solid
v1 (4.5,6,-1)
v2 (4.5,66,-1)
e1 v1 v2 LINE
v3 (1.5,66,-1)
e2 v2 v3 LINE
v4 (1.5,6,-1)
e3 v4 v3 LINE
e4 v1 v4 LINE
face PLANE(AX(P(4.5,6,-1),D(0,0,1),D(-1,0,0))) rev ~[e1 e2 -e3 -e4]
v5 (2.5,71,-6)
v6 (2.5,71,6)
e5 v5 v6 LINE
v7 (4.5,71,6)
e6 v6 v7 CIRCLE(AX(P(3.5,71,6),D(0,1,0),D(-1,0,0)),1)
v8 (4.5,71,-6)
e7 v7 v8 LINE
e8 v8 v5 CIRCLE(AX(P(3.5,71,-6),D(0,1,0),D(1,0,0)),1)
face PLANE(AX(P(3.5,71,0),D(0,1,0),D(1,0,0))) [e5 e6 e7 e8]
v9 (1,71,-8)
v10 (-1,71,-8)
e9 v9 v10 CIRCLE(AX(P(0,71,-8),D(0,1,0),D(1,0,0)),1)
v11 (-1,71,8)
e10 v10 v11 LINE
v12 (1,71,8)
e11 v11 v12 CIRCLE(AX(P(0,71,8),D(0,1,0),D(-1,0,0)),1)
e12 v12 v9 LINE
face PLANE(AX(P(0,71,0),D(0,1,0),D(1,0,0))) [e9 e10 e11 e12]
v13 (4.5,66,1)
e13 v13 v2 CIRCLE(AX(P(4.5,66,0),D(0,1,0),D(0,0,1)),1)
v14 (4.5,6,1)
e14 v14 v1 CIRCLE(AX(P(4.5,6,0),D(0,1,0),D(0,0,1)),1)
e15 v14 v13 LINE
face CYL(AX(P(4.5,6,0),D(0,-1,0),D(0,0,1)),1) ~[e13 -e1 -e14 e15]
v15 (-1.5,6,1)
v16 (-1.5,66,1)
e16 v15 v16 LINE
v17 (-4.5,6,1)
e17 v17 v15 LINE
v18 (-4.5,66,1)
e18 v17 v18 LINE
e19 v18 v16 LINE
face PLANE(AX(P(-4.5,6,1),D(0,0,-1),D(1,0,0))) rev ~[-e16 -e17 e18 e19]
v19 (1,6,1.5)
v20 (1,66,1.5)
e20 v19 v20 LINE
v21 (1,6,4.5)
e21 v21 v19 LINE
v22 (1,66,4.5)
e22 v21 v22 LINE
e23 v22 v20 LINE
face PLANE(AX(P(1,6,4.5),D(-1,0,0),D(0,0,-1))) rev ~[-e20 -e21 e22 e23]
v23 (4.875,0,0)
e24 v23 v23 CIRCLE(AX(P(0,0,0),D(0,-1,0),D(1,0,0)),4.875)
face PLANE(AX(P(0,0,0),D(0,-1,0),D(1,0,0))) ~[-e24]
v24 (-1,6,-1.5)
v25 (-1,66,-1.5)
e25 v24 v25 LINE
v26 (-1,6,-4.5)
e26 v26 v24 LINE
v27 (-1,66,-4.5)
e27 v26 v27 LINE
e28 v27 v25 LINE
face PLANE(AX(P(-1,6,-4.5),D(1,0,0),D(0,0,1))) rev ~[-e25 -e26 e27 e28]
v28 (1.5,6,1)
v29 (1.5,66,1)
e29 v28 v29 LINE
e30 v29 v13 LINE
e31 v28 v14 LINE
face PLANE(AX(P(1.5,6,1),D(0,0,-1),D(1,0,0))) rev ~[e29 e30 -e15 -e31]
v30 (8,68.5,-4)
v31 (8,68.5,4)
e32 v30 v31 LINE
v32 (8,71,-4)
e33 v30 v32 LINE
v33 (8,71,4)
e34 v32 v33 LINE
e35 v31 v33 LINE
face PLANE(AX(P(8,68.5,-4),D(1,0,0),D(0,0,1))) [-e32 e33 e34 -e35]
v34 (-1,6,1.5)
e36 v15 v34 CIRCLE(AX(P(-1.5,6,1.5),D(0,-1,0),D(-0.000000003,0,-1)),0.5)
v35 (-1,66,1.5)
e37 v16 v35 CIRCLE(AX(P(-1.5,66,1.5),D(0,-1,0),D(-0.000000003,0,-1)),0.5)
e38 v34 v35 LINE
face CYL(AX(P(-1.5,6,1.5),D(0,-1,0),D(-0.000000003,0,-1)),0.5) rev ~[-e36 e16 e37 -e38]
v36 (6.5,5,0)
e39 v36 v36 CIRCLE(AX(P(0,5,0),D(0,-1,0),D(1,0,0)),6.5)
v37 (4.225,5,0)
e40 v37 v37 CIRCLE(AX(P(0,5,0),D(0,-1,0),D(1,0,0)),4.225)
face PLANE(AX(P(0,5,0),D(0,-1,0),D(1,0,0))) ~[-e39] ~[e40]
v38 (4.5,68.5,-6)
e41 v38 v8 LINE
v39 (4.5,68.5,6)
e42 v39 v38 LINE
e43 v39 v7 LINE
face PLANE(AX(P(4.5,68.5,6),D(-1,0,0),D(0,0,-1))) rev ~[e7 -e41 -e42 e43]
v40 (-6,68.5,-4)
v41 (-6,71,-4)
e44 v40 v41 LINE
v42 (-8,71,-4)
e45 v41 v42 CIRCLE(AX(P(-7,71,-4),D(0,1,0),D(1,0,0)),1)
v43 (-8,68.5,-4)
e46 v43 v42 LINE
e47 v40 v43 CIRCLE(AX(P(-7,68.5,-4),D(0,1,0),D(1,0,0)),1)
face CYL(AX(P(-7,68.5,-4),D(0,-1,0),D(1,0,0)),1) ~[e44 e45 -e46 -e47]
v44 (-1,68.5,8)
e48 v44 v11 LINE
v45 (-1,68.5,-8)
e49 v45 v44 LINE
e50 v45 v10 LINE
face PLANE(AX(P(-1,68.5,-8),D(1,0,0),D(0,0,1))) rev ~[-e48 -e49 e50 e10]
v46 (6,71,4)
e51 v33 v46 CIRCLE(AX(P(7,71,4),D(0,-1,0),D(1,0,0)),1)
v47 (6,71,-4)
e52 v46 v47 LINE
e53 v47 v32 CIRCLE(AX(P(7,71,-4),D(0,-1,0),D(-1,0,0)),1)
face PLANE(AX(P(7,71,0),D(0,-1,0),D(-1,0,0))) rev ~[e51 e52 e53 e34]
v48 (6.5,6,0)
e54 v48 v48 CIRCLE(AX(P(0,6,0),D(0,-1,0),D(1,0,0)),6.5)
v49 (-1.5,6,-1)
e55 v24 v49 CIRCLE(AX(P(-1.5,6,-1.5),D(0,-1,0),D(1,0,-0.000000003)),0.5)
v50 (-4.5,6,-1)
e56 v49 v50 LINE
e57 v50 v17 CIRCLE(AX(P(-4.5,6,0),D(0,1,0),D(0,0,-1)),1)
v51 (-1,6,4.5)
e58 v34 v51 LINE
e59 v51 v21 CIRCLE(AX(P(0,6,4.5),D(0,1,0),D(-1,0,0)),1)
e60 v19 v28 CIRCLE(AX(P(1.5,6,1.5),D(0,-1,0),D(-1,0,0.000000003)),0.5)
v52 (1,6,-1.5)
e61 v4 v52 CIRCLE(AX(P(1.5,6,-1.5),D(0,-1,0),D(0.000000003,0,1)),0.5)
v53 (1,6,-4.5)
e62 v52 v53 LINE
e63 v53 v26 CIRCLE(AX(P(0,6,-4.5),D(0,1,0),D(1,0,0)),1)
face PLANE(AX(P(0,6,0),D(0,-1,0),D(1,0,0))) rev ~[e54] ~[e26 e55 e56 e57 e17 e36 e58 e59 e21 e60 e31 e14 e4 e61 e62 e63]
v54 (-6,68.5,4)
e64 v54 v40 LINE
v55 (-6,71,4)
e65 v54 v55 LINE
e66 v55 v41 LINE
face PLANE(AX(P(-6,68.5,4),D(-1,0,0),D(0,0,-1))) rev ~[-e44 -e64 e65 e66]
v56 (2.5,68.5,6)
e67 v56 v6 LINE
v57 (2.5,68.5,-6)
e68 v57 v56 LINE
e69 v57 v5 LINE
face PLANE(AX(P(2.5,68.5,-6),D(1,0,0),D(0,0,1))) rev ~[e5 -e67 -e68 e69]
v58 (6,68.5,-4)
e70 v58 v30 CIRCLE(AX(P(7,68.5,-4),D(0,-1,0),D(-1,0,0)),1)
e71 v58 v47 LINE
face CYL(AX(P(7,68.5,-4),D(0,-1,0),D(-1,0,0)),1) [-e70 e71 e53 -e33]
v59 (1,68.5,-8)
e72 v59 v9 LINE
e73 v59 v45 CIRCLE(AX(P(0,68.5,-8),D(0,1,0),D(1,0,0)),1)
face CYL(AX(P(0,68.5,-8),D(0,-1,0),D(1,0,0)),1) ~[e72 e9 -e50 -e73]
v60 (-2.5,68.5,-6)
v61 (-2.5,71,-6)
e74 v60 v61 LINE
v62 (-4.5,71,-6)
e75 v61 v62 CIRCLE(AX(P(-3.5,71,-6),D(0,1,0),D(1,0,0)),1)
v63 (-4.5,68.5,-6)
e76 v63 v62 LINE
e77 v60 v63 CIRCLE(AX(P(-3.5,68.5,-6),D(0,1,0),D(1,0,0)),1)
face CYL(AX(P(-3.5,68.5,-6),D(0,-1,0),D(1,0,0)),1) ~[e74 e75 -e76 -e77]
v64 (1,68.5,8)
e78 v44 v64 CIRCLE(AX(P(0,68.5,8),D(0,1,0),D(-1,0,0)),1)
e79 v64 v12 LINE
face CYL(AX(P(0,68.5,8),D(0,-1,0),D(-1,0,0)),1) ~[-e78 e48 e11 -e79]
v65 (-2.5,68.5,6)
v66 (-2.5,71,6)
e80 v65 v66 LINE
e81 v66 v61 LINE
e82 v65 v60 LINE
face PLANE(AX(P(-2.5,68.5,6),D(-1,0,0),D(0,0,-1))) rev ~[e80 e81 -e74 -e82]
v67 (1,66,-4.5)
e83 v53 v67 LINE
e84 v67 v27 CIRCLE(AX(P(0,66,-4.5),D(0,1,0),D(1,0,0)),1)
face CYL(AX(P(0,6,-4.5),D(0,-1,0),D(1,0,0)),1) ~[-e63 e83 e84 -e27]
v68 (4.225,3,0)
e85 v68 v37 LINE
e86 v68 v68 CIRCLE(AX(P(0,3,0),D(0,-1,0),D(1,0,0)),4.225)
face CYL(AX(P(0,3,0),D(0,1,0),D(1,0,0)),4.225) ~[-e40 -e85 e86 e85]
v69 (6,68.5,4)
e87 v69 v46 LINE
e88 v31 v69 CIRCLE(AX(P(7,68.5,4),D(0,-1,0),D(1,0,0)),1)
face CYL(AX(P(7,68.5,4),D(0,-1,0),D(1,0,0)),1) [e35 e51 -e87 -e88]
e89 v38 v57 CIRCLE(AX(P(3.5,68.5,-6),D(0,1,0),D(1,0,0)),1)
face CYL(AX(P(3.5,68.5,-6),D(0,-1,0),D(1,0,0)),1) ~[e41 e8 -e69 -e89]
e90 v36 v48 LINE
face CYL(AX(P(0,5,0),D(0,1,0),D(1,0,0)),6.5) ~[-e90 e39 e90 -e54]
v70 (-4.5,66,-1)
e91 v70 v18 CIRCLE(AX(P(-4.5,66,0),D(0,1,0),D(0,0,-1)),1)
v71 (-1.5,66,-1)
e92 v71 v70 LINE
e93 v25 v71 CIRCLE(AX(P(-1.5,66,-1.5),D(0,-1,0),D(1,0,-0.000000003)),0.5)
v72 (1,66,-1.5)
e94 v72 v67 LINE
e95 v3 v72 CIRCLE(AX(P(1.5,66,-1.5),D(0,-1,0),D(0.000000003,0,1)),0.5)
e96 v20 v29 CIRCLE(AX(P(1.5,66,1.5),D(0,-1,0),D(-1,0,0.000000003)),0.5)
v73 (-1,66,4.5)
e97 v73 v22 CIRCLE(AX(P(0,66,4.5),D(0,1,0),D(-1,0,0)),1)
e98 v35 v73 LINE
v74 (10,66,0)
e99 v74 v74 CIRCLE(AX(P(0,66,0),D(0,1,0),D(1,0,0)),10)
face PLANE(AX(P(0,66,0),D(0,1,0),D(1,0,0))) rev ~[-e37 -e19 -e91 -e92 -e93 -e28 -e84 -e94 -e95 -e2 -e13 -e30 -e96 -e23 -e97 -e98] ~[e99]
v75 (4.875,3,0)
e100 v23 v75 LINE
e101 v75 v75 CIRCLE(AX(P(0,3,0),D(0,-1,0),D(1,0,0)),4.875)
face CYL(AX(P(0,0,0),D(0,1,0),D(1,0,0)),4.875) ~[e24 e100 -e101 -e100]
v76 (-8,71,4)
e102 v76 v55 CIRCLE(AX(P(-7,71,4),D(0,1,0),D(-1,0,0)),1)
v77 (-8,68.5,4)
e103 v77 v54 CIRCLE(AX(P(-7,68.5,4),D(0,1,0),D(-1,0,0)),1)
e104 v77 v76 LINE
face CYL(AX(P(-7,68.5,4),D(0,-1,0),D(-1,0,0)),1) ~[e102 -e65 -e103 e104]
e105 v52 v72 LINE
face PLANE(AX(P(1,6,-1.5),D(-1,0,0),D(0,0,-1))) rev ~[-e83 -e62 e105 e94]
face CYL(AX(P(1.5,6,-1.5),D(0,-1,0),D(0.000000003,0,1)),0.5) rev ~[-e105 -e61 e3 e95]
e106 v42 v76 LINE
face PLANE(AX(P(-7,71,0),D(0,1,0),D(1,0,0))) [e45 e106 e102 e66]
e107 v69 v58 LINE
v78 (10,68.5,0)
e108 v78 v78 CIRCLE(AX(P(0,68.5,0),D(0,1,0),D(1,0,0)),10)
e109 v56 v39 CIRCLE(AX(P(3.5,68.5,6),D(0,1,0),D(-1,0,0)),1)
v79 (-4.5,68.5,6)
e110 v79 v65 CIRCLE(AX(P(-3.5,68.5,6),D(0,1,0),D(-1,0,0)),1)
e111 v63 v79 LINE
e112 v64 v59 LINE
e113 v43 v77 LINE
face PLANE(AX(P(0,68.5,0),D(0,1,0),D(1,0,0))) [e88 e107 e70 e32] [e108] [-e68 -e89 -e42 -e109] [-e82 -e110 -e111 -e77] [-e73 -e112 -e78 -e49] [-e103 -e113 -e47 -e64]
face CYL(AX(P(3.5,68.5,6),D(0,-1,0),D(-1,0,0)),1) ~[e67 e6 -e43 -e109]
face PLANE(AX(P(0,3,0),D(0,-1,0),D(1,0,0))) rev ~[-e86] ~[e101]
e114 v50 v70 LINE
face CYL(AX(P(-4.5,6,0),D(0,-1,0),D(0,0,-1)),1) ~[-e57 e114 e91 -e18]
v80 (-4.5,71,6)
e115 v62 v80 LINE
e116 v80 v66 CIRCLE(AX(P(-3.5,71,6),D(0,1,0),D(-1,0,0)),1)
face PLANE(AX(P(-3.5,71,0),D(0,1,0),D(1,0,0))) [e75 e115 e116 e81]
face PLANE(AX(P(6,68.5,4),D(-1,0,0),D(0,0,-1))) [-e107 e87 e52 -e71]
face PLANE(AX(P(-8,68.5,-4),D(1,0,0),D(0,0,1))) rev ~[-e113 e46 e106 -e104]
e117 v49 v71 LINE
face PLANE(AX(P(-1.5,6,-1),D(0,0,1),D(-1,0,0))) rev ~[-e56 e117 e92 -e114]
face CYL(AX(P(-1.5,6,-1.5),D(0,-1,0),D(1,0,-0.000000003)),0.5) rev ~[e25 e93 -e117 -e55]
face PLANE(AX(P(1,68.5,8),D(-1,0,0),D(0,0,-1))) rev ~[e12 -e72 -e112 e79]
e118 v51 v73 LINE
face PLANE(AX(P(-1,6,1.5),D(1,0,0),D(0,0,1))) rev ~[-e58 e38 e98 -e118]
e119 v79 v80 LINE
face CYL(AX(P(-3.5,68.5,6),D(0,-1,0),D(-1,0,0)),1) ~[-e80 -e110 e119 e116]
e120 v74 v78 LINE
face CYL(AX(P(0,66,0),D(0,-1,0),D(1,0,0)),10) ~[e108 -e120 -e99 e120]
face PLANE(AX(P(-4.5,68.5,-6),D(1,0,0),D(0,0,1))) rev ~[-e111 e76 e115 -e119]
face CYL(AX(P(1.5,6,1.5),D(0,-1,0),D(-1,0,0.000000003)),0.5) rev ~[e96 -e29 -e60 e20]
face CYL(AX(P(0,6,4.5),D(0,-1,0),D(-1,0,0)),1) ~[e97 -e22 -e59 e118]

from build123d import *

# Parameters (mm, degrees)
BOSS_EXTRUDE1_DEPTH = 60
SKETCH3_R           = 10
BOSS_EXTRUDE2_DEPTH = 2.5
BOSS_EXTRUDE3_DEPTH = 2.5


with BuildPart() as part:
    # Sketch1 → Revolve1 (revolve)
    with BuildSketch(Plane.XY):
        Polygon((0, 0), (4.875, 0), (4.875, 3), (4.225, 3), (4.225, 5), (6.5, 5), (6.5, 6), (0, 6), align=None)
    revolve(axis=Axis((0, 6, 0), (0, -1, 0)))

    # Sketch2 → Boss-Extrude1 (add)
    with BuildSketch(Plane(origin=(0, 6, 0), x_dir=(1, 0, 0), z_dir=(0, 1, 0))):
        with BuildLine():
            Line((-1, 4.5), (-1, 1.5))
            ThreePointArc((-1, 1.5), (-1.146446609, 1.146446609), (-1.5, 1))
            Line((-1.5, 1), (-4.5, 1))
            ThreePointArc((-4.5, 1), (-5.5, 0), (-4.5, -1))
            Line((-4.5, -1), (-1.5, -1))
            ThreePointArc((-1.5, -1), (-1.146446609, -1.146446609), (-1, -1.5))
            Line((-1, -1.5), (-1, -4.5))
            ThreePointArc((-1, -4.5), (0, -5.5), (1, -4.5))
            Line((1, -4.5), (1, -1.5))
            ThreePointArc((1, -1.5), (1.146446609, -1.146446609), (1.5, -1))
            Line((1.5, -1), (4.5, -1))
            ThreePointArc((4.5, -1), (5.5, 0), (4.5, 1))
            Line((4.5, 1), (1.5, 1))
            ThreePointArc((1.5, 1), (1.146446609, 1.146446609), (1, 1.5))
            Line((1, 1.5), (1, 4.5))
            ThreePointArc((1, 4.5), (0, 5.5), (-1, 4.5))
        make_face()
    extrude(amount=BOSS_EXTRUDE1_DEPTH)

    # Sketch3 → Boss-Extrude2 (add)
    with BuildSketch(Plane(origin=(0, 66, 0), x_dir=(1, 0, 0), z_dir=(0, 1, 0))):
        Circle(SKETCH3_R)
    extrude(amount=BOSS_EXTRUDE2_DEPTH)

    # Sketch4 → Boss-Extrude3 (add)
    with BuildSketch(Plane(origin=(0, 68.5, 0), x_dir=(1, 0, 0), z_dir=(0, 1, 0))):
        with BuildLine():
            ThreePointArc((1, 8), (0, 9), (-1, 8))
            Line((-1, 8), (-1, -8))
            ThreePointArc((-1, -8), (0, -9), (1, -8))
            Line((1, -8), (1, 8))
        make_face()
        with BuildLine():
            ThreePointArc((-2.5, 6), (-3.5, 7), (-4.5, 6))
            Line((-4.5, 6), (-4.5, -6))
            ThreePointArc((-4.5, -6), (-3.5, -7), (-2.5, -6))
            Line((-2.5, -6), (-2.5, 6))
        make_face()
        with BuildLine():
            ThreePointArc((4.5, 6), (3.5, 7), (2.5, 6))
            Line((2.5, 6), (2.5, -6))
            ThreePointArc((2.5, -6), (3.5, -7), (4.5, -6))
            Line((4.5, -6), (4.5, 6))
        make_face()
        with BuildLine():
            ThreePointArc((6, 4), (7, 5), (8, 4))
            Line((8, 4), (8, -4))
            ThreePointArc((8, -4), (7, -5), (6, -4))
            Line((6, -4), (6, 4))
        make_face()
        with BuildLine():
            Line((-6, -4), (-6, 4))
            ThreePointArc((-6, 4), (-7, 5), (-8, 4))
            Line((-8, 4), (-8, -4))
            ThreePointArc((-8, -4), (-7, -5), (-6, -4))
        make_face()
    extrude(amount=BOSS_EXTRUDE3_DEPTH)


solid = part.part
